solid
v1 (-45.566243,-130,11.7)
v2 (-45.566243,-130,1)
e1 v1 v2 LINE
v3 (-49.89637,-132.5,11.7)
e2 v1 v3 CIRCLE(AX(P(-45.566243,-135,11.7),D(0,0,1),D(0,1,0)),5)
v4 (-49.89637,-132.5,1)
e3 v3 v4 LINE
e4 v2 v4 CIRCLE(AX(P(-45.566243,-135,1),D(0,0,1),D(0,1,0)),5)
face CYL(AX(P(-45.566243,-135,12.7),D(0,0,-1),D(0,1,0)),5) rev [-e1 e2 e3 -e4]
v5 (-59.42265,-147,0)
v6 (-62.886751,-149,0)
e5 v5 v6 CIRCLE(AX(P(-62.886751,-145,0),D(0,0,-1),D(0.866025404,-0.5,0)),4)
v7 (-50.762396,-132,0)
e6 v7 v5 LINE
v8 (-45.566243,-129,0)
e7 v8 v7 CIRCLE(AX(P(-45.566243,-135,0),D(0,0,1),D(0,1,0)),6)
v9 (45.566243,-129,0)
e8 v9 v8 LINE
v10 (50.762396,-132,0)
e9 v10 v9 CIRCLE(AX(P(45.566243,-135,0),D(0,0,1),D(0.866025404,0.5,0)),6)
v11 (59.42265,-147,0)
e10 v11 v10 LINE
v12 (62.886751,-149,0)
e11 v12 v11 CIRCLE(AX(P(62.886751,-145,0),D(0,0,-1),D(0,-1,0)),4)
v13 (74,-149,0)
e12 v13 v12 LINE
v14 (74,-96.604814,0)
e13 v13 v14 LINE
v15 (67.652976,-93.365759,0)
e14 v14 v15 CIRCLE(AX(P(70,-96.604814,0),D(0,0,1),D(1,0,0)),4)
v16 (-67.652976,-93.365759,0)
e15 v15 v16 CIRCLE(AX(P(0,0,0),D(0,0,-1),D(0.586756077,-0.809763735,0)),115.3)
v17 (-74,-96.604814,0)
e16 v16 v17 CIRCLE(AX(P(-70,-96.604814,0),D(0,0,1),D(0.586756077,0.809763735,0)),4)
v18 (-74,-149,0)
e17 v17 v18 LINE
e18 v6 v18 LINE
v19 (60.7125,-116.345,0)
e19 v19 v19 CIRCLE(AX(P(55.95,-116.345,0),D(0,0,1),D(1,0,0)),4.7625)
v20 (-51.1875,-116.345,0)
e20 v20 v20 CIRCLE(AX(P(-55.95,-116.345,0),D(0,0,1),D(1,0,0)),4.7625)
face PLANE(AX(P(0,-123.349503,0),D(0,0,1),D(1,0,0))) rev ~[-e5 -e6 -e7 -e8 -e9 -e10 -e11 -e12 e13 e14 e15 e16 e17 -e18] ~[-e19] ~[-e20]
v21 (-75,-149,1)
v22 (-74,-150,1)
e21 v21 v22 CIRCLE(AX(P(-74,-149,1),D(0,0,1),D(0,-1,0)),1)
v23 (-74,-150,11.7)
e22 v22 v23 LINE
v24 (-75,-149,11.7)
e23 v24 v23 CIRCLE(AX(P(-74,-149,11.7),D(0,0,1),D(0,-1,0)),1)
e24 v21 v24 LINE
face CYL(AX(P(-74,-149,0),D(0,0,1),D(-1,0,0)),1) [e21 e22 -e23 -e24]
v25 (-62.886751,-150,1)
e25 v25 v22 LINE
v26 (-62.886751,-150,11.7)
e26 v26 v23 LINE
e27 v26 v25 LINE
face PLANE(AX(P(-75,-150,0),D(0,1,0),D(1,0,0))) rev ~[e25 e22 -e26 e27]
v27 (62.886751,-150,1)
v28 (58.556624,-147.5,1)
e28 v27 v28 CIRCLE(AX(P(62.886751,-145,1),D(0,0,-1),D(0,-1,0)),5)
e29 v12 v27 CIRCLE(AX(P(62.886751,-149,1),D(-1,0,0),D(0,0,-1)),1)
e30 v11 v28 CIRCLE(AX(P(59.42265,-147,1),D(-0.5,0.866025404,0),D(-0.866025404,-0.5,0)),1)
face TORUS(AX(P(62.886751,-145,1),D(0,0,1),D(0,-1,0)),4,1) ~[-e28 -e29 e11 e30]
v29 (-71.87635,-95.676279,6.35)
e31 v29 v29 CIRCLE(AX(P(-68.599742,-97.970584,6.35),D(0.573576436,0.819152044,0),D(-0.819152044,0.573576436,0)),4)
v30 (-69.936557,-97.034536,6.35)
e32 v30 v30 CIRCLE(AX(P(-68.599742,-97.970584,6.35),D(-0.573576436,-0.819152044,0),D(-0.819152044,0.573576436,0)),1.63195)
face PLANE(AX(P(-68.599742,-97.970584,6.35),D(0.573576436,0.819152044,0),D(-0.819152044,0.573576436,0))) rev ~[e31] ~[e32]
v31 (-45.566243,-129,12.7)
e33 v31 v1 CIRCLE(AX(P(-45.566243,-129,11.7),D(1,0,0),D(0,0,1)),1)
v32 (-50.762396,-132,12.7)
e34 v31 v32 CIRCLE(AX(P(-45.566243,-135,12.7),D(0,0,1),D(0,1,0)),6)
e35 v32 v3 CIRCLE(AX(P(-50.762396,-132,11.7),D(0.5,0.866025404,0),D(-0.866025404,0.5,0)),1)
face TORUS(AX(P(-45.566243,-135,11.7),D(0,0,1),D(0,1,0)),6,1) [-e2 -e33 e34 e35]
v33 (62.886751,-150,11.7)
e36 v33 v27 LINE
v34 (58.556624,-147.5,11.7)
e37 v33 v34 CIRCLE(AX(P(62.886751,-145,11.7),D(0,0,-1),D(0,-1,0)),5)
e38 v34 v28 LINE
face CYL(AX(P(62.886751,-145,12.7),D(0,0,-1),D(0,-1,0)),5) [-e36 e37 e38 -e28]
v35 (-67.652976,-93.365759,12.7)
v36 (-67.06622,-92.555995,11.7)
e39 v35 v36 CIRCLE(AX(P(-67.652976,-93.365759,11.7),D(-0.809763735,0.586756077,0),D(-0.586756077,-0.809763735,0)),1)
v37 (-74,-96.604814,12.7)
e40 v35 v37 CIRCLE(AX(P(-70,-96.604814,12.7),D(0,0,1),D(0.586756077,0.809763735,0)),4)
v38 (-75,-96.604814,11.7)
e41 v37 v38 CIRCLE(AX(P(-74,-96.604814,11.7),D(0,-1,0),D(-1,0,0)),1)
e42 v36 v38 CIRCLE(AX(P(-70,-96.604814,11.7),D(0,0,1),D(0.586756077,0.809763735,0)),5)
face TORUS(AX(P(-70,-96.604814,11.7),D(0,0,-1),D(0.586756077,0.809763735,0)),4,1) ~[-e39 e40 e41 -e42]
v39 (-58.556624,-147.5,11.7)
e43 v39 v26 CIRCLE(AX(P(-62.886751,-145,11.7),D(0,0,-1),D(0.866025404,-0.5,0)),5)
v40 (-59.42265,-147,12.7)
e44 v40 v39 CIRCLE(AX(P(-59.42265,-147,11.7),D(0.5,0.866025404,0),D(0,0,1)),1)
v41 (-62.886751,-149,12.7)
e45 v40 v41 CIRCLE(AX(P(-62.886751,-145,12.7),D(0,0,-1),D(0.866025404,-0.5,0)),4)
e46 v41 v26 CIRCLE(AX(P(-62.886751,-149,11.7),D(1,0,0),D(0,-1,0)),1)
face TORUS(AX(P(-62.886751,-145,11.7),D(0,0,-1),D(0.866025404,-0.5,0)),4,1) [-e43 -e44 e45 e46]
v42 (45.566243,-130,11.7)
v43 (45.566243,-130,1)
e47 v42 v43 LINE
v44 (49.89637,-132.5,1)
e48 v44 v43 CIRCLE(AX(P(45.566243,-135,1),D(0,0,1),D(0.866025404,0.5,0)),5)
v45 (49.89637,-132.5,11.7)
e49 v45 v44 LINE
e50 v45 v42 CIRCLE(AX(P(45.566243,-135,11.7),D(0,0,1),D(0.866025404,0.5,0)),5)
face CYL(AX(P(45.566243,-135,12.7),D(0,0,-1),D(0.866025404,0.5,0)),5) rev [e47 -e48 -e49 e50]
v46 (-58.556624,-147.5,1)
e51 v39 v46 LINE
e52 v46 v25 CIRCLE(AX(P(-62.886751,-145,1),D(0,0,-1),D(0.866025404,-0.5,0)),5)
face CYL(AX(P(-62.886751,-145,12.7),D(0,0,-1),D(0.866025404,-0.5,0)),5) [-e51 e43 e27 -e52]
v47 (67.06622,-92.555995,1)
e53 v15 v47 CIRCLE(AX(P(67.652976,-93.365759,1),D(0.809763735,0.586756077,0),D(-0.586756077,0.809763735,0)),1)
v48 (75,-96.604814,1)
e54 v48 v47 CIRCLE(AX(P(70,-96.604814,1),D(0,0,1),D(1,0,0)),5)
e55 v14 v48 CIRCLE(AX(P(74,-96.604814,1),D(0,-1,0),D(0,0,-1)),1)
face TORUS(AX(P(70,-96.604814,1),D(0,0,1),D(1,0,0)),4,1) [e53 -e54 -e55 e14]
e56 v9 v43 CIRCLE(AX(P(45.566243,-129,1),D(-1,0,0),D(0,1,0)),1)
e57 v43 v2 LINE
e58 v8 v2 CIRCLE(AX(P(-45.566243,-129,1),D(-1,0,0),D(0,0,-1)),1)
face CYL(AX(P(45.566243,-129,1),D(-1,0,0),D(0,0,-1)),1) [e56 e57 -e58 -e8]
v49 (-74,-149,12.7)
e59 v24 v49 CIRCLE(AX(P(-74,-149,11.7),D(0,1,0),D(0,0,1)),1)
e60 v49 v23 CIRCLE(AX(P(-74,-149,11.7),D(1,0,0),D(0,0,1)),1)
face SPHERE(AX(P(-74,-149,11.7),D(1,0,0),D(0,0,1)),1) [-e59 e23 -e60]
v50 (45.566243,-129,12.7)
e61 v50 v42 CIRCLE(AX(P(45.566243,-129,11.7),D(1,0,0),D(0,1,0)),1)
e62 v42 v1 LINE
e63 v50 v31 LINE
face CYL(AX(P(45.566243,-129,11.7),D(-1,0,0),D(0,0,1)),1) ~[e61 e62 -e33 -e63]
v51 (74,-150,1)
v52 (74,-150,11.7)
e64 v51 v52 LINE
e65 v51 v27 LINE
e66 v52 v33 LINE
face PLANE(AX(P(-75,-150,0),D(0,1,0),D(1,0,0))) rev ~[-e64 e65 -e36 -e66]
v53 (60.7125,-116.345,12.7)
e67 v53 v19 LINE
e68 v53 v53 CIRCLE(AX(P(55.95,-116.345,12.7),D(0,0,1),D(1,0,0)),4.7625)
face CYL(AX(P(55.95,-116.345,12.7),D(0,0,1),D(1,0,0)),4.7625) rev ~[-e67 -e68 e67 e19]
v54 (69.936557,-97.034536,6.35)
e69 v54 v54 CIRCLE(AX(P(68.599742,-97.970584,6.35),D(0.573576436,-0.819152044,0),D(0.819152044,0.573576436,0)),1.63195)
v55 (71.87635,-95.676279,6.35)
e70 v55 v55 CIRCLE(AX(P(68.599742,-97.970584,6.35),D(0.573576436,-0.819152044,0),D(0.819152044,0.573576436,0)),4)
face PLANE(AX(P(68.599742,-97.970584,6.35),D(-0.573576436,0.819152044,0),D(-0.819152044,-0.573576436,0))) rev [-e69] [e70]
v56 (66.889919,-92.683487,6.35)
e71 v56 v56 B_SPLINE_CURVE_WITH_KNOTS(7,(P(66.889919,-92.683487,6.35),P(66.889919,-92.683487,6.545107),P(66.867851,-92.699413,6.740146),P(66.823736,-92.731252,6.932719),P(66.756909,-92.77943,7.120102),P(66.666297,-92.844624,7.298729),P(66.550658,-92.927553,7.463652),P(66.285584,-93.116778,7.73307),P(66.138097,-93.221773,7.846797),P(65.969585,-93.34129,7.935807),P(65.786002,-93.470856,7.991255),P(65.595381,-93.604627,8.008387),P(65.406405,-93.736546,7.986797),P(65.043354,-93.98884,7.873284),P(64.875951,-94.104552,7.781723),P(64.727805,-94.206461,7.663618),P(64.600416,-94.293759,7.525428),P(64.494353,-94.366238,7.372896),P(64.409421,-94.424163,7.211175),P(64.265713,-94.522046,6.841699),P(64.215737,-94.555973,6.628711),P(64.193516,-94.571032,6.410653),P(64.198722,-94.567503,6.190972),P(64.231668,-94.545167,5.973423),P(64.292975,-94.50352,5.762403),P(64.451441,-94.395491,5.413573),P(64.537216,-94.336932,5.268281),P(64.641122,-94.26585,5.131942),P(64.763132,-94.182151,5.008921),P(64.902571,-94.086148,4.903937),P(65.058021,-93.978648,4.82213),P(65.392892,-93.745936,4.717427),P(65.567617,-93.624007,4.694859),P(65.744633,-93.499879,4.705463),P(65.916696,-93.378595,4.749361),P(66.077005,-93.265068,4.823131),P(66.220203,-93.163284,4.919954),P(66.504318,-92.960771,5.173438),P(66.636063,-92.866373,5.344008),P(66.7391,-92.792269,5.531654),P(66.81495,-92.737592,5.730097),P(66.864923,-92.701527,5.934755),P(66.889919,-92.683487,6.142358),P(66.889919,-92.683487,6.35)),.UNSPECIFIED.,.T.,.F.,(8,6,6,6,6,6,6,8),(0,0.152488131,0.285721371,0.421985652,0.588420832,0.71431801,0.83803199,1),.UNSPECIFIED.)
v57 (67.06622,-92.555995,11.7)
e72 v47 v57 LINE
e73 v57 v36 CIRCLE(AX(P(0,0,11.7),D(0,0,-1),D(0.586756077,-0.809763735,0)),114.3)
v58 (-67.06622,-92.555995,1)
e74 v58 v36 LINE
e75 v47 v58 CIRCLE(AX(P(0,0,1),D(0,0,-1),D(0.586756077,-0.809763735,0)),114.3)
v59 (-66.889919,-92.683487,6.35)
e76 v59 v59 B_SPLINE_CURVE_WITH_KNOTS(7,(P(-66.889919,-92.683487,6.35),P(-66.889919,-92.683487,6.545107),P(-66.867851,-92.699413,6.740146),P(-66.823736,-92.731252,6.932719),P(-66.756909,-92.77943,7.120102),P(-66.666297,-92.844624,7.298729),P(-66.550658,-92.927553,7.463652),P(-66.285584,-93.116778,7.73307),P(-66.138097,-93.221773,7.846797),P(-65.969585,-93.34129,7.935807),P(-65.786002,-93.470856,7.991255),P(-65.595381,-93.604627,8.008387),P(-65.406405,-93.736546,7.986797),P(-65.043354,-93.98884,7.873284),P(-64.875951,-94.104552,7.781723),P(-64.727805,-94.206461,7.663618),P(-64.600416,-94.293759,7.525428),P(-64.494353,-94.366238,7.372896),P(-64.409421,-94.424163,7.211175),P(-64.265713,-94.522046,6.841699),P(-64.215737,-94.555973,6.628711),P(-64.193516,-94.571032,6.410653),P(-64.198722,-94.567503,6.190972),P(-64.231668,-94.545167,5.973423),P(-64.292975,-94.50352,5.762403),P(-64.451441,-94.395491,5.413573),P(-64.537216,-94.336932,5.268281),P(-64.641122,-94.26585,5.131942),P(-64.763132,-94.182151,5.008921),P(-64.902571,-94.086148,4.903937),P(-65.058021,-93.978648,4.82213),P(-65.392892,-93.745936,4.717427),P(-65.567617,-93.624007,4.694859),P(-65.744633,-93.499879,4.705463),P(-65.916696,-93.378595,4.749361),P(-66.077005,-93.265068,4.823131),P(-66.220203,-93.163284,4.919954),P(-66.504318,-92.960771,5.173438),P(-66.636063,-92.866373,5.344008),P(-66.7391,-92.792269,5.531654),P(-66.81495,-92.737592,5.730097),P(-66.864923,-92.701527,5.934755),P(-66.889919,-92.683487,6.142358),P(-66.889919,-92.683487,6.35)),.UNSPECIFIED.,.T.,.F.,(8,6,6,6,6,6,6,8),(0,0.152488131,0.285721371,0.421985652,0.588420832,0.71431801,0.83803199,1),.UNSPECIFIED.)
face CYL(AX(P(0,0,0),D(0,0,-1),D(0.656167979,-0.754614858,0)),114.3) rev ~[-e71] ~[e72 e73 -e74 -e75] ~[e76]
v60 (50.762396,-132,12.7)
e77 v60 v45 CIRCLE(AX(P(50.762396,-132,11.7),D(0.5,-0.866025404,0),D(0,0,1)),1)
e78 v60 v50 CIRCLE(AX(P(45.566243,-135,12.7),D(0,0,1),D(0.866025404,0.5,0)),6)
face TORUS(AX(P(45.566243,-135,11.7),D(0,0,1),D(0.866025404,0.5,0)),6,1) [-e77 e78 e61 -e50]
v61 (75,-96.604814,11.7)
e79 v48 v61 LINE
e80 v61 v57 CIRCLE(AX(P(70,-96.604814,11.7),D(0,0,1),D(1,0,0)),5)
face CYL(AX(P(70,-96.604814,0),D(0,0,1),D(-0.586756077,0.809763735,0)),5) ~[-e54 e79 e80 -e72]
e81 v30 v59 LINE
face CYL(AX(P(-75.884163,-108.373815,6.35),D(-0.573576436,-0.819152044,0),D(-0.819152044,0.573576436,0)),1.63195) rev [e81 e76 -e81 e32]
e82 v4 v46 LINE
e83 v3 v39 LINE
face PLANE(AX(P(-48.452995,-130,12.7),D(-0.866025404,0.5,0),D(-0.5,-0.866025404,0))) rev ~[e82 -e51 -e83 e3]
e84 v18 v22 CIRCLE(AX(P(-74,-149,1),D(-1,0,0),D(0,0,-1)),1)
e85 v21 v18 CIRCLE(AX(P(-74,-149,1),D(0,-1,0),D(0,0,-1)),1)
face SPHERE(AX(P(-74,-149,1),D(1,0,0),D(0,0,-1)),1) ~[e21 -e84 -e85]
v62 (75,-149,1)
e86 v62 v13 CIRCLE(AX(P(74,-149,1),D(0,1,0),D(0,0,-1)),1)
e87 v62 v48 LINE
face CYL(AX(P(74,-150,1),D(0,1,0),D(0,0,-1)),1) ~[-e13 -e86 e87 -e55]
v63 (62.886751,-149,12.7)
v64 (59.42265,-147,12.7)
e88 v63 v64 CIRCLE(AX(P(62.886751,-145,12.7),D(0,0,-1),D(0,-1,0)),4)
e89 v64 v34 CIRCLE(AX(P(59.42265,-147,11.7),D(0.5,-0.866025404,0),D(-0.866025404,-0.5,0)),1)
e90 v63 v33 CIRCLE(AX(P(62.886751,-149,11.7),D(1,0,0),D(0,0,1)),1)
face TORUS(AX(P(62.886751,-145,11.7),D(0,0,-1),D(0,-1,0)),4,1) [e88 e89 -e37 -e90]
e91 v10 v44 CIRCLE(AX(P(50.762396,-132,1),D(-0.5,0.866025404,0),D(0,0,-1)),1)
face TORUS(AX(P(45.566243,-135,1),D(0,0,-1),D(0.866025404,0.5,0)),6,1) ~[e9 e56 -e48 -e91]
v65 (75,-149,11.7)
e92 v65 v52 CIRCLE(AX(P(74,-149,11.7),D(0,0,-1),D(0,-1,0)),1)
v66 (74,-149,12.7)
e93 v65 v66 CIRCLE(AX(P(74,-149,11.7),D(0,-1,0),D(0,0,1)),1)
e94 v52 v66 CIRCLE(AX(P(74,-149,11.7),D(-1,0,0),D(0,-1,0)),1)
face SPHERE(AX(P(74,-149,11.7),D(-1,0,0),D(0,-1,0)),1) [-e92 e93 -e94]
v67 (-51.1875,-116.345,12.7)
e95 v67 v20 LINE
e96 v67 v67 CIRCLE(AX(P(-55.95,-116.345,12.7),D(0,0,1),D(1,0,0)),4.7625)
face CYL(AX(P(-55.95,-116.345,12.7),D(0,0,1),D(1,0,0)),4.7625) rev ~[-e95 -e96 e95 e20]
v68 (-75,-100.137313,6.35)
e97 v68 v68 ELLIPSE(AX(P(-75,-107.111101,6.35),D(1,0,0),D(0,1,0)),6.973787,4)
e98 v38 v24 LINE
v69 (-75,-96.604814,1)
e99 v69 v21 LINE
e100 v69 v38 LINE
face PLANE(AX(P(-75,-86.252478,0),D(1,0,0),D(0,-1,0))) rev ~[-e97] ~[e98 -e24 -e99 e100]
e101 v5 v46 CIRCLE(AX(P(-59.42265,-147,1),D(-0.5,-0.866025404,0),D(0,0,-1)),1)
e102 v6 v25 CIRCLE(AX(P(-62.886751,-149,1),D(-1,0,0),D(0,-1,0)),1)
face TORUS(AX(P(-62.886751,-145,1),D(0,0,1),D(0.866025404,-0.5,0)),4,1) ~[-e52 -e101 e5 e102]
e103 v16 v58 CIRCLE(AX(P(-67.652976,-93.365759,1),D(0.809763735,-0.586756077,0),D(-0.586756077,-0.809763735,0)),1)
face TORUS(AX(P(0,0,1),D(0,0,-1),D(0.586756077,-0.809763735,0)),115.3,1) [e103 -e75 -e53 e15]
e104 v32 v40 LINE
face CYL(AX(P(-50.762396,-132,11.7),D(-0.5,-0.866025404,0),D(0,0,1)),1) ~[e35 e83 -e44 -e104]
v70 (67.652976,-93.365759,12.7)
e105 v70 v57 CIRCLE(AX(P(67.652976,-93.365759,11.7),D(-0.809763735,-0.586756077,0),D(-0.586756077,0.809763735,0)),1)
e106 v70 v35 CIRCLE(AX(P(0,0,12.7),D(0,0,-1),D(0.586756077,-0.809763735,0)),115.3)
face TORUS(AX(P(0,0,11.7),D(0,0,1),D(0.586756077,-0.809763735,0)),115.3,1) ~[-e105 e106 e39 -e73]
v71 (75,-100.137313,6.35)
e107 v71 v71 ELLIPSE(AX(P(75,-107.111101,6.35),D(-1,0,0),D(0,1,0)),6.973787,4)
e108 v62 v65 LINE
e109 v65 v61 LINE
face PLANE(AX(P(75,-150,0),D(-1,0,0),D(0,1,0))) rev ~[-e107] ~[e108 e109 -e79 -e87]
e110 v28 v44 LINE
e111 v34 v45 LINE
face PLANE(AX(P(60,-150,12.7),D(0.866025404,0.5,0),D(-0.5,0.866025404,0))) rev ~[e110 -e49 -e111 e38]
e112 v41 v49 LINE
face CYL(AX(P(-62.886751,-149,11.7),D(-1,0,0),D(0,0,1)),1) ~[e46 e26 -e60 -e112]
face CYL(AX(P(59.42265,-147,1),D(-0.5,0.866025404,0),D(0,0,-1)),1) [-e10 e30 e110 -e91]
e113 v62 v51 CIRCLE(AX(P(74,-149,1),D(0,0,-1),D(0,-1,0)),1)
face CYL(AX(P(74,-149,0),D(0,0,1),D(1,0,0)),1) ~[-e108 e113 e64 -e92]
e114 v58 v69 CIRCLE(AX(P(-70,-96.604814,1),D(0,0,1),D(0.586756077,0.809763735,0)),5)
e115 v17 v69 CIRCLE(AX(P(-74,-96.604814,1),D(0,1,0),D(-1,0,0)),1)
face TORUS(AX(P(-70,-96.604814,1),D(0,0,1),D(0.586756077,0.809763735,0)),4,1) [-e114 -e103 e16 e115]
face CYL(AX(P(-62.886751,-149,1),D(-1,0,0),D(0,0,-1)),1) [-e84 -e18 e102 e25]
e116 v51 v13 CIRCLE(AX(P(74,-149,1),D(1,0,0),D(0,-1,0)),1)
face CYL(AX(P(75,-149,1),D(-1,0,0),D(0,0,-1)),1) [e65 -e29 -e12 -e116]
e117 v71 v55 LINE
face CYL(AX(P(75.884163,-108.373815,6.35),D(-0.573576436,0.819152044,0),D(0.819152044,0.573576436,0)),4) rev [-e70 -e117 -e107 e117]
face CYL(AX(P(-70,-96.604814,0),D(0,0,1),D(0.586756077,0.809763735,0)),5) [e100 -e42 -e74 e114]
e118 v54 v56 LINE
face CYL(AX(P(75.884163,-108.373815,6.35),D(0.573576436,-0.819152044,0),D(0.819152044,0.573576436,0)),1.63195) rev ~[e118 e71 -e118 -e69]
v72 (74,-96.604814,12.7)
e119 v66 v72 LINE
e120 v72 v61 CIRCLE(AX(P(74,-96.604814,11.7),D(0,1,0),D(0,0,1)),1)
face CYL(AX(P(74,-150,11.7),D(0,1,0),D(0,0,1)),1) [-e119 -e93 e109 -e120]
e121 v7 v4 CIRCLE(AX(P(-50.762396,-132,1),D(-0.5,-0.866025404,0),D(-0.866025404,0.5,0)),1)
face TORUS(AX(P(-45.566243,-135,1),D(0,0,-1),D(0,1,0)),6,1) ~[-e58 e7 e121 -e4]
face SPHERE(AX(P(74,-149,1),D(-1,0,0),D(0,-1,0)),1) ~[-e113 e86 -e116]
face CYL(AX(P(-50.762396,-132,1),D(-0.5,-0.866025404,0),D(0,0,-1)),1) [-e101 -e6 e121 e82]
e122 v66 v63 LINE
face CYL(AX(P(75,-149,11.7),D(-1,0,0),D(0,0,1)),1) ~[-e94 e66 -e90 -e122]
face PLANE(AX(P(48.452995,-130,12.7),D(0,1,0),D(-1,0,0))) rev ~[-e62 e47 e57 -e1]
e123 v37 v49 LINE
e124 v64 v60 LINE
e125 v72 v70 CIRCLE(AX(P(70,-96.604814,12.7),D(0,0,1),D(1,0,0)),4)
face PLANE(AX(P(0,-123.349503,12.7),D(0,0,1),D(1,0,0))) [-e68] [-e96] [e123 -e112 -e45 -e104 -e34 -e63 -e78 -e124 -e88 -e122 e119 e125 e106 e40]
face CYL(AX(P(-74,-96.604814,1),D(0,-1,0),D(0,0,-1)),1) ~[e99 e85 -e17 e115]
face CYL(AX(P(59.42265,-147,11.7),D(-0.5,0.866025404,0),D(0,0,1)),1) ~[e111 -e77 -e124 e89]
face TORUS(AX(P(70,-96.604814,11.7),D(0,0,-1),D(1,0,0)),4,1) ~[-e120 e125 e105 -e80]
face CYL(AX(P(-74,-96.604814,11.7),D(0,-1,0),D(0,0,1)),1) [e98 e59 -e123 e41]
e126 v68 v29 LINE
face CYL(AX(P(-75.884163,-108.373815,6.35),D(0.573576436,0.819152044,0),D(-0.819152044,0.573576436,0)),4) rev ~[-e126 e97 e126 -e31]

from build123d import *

# Parameters (mm, degrees)
BOSS_EXTRUDE1_DEPTH = 12.7
SKETCH14_R          = 4
CUT_EXTRUDE1_DEPTH  = 12.7
SKETCH14_3_R        = 1.63195
CUT_EXTRUDE2_DEPTH  = 158.035218157
CUT_EXTRUDE3_DEPTH  = 169.185284783
FILLET1_R           = 5
FILLET2_R           = 1
SKETCH16_R          = 4.7625
CUT_EXTRUDE4_DEPTH  = 169.185284738


with BuildPart() as part:
    # Sketch1 → Boss-Extrude1 (new body)
    with BuildSketch(Plane.XY):
        with BuildLine():
            ThreePointArc((75, -86.252478225), (0, -114.3), (-75, -86.252478225))
            Line((-75, -86.252478225), (-75, -150))
            Line((-75, -150), (75, -150))
            Line((75, -150), (75, -86.252478225))
        make_face()
    extrude(amount=BOSS_EXTRUDE1_DEPTH)

    # Sketch14 → Cut-Extrude1 (cut, symmetric)
    with BuildSketch(Plane(origin=(-75.884162529, -108.373815459, 0), x_dir=(-0.8191520442889954, 0.5735764363510409, 0), z_dir=(0.5735764363510409, 0.8191520442889954, 0))):
        with Locations((0, 6.35)):
            Circle(SKETCH14_R)
    cut_extrude1 = extrude(amount=CUT_EXTRUDE1_DEPTH, both=True, mode=Mode.SUBTRACT)

    # Sketch14<3> → Cut-Extrude2 (cut, through all)
    with BuildSketch(Plane(origin=(-75.884162529, -108.373815459, 0), x_dir=(-0.8191520442889954, 0.5735764363510409, 0), z_dir=(0.5735764363510409, 0.8191520442889954, 0))):
        with Locations((0, 6.35)):
            Circle(SKETCH14_3_R)
    cut_extrude2 = extrude(amount=CUT_EXTRUDE2_DEPTH, mode=Mode.SUBTRACT)

    # Mirror1: Cut-Extrude1, Cut-Extrude2 across plane
    add(cut_extrude1.mirror(Plane(origin=(0, 0, 0), x_dir=(0, 0, 1), z_dir=(1, 0, 0))), mode=Mode.SUBTRACT)
    add(cut_extrude2.mirror(Plane(origin=(0, 0, 0), x_dir=(0, 0, 1), z_dir=(1, 0, 0))), mode=Mode.SUBTRACT)

    # Sketch15 → Cut-Extrude3 (cut, through all)
    with BuildSketch(Plane.XY.offset(12.7)):
        Polygon((48.452994616, -130), (-48.452994616, -130), (-60, -150), (60, -150), align=None)
    extrude(amount=-CUT_EXTRUDE3_DEPTH, mode=Mode.SUBTRACT)

    # Fillet1
    fillet1_edges = [part.edges().sort_by_distance(p)[0] for p in [
        (75, -86.252478225, 6.35),
        (60, -150, 6.35),
        (48.452994616, -130, 6.35),
        (-48.452994616, -130, 6.35),
        (-60, -150, 6.35),
        (-75, -86.252478225, 6.35),
    ]]
    fillet(fillet1_edges, radius=FILLET1_R)

    # Fillet2
    fillet2_edges = [part.edges().sort_by_distance(p)[0] for p in [
        (60.386751346, -149.330127019, 0),
        (54.226497308, -140, 0),
        (60.386751346, -149.330127019, 12.7),
        (68.943375673, -150, 0),
        (48.06624327, -130.669872981, 0),
        (54.226497308, -140, 12.7),
        (75, -150, 6.35),
        (68.943375673, -150, 12.7),
        (75, -123.302406772, 0),
        (0, -130, 0),
        (48.06624327, -130.669872981, 12.7),
        (75, -123.302406772, 12.7),
        (72.272784424, -92.151224996, 0),
        (-48.06624327, -130.669872981, 0),
        (0, -130, 12.7),
        (72.272784424, -92.151224996, 12.7),
        (0, -114.3, 0),
        (-54.226497308, -140, 0),
        (-48.06624327, -130.669872981, 12.7),
        (0, -114.3, 12.7),
        (-72.272784424, -92.151224996, 0),
        (-60.386751346, -149.330127019, 0),
        (-54.226497308, -140, 12.7),
        (-72.272784424, -92.151224996, 12.7),
        (-75, -123.302406772, 0),
        (-68.943375673, -150, 0),
        (-60.386751346, -149.330127019, 12.7),
        (-75, -123.302406772, 12.7),
        (-75, -150, 6.35),
        (-68.943375673, -150, 12.7),
    ]]
    fillet(fillet2_edges, radius=FILLET2_R)

    # Sketch16 → Cut-Extrude4 (cut, through all)
    with BuildSketch(Plane.XY.offset(12.7)):
        with Locations((-55.95, -116.345)):
            Circle(SKETCH16_R)
        with Locations((55.95, -116.345)):
            Circle(SKETCH16_R)
    extrude(amount=-CUT_EXTRUDE4_DEPTH, mode=Mode.SUBTRACT)


solid = part.part
